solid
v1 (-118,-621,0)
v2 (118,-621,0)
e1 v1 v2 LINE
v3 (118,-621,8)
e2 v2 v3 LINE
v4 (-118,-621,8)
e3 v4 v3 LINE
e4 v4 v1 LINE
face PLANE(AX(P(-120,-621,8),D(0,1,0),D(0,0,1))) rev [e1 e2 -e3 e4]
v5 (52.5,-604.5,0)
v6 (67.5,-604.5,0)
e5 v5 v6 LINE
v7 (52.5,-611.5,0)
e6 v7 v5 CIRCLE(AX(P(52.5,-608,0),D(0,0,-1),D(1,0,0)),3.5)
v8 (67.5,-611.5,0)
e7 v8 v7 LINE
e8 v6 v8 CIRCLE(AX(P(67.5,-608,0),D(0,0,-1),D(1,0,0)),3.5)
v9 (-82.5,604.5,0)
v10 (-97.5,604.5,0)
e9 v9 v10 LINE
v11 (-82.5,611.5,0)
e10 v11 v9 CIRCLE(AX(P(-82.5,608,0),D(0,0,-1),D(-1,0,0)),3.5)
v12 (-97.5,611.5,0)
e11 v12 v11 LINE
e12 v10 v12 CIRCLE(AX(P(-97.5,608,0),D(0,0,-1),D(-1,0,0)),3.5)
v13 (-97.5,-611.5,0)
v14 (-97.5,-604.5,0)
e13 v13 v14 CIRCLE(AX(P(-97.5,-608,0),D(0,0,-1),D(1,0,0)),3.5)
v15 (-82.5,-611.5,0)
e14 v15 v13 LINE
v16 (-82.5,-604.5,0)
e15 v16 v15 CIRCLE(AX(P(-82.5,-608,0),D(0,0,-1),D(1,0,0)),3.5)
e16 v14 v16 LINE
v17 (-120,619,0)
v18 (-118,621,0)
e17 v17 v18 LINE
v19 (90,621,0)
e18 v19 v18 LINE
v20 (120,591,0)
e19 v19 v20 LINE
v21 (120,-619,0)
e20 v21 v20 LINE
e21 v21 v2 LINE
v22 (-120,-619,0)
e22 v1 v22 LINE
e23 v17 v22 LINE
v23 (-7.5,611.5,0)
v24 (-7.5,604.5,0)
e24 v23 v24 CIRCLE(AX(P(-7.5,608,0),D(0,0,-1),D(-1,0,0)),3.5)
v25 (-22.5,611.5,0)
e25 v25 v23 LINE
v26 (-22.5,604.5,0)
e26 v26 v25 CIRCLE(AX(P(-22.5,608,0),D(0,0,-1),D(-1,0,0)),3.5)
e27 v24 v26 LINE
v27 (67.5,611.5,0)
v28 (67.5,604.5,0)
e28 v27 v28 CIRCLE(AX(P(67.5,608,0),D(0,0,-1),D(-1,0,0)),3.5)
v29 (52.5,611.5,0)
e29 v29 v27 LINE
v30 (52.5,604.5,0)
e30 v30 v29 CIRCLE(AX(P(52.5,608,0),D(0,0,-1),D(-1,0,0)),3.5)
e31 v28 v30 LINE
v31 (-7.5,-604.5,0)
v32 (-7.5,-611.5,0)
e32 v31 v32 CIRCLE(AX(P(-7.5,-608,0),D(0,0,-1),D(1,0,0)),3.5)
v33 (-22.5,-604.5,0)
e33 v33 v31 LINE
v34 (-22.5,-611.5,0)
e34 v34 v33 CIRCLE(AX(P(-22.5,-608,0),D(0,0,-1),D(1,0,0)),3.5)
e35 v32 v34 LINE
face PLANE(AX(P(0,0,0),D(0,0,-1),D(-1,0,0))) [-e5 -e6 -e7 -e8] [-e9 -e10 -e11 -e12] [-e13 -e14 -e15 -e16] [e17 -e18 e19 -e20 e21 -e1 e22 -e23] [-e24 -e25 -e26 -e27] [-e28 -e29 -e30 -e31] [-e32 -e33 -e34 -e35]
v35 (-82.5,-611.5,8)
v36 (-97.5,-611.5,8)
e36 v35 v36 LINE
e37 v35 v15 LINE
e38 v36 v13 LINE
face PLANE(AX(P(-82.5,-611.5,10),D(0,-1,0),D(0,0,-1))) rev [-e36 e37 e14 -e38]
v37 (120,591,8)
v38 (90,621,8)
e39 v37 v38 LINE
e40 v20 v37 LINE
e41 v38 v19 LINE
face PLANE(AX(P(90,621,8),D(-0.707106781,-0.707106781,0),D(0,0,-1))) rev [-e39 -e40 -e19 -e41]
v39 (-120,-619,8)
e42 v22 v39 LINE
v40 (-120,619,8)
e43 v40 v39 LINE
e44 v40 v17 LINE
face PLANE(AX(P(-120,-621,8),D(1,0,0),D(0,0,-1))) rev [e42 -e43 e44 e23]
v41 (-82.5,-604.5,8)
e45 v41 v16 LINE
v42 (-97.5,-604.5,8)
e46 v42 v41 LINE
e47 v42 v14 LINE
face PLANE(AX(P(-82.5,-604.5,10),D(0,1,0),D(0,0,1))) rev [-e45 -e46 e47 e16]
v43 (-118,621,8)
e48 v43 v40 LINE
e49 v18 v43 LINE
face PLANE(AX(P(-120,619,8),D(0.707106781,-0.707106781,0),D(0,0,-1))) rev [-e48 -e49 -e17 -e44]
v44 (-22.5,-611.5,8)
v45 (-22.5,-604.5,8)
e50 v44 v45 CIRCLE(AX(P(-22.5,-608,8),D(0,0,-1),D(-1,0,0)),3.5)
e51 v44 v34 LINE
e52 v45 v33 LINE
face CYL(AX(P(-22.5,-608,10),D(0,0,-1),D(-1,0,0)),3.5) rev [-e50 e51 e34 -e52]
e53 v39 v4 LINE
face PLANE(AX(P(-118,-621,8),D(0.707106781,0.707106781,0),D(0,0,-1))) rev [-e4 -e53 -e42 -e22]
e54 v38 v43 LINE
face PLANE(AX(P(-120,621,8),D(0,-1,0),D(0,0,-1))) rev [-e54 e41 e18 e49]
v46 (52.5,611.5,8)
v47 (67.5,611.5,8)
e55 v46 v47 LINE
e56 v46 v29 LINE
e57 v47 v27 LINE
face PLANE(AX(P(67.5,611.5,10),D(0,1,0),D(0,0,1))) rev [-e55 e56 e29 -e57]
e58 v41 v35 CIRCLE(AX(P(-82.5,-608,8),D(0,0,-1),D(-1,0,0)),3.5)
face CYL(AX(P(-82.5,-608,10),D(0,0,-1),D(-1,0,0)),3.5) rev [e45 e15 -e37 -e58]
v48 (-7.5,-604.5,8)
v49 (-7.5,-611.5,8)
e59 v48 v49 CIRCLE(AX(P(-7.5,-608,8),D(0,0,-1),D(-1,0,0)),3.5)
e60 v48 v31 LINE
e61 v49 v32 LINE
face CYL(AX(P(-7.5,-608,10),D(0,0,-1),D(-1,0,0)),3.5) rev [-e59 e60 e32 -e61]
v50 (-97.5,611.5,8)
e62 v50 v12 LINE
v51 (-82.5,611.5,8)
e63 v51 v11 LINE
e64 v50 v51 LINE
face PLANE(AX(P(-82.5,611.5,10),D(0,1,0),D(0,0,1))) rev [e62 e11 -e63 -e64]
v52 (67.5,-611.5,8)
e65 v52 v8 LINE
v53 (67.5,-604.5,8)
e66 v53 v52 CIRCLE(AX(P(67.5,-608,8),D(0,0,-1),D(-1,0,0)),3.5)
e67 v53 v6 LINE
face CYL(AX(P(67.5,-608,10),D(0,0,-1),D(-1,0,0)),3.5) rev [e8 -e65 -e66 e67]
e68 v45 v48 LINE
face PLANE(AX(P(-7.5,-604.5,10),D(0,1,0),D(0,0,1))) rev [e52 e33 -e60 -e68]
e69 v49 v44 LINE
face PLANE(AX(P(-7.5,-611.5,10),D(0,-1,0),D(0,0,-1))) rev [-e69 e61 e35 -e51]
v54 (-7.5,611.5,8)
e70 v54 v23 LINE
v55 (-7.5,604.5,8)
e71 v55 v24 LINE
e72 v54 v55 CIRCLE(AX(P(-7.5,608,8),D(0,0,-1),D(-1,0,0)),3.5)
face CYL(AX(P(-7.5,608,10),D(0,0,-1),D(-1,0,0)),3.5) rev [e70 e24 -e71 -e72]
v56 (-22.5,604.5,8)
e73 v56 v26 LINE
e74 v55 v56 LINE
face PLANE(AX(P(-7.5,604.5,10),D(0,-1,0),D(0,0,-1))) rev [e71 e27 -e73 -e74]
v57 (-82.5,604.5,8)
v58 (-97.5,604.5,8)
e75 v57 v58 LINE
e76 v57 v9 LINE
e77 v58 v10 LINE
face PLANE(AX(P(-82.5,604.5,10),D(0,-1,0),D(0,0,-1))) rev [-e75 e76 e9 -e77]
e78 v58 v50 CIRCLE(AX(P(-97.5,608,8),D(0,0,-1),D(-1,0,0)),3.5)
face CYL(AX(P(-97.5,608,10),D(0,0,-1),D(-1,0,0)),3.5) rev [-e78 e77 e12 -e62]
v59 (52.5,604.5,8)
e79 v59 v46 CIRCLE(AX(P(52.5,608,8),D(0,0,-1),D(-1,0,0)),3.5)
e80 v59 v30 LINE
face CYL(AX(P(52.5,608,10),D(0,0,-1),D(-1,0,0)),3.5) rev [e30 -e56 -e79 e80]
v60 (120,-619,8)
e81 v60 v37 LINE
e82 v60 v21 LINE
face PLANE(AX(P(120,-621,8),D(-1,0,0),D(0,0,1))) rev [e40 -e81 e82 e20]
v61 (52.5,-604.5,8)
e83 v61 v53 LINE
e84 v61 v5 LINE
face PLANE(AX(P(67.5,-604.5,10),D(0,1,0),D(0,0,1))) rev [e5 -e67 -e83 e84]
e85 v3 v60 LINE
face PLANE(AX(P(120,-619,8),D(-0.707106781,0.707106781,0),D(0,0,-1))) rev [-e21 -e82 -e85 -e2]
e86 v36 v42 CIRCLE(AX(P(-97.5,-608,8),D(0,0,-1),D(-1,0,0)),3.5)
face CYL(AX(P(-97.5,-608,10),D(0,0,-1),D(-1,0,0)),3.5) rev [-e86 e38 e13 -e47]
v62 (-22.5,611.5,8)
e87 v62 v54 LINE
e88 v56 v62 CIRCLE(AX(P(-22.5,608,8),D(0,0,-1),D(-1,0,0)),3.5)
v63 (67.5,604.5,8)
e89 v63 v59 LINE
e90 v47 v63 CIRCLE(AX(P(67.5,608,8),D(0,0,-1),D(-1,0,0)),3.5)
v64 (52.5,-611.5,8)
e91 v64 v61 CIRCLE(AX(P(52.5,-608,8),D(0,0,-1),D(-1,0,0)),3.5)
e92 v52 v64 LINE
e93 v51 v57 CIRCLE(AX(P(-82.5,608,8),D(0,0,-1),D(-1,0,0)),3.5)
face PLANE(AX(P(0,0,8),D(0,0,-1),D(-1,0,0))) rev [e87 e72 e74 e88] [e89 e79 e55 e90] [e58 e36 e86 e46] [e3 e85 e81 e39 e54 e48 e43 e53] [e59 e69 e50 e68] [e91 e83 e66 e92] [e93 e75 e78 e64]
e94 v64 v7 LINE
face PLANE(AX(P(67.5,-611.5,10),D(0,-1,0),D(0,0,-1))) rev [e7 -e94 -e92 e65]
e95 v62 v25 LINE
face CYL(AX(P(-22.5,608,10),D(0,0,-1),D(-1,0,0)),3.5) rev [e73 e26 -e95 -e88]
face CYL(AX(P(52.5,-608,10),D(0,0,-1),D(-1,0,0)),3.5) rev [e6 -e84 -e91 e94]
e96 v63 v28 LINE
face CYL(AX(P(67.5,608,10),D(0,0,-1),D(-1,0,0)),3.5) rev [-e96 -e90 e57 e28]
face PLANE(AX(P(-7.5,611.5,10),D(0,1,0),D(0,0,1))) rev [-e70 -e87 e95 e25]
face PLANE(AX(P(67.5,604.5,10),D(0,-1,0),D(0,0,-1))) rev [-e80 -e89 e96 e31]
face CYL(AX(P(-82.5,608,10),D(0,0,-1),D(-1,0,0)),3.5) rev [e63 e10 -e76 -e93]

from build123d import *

# Parameters (mm, degrees)
SKETCH_1_W          = 240
SKETCH_1_H          = 1242
EXTRUDE_1_DEPTH     = 8
CHAMFER_1_SIZE      = 30
CHAMFER_2_SIZE      = 2
CUT_EXTRUDE_1_DEPTH = 10


with BuildPart() as part:
    # 草图1 → 凸台-拉伸1 (new body)
    with BuildSketch(Plane.XY):
        Rectangle(SKETCH_1_W, SKETCH_1_H)
    extrude(amount=EXTRUDE_1_DEPTH)

    # 倒角1
    chamfer_1_edges = [part.edges().sort_by_distance(p)[0] for p in [
        (120, 621, 4),
    ]]
    chamfer(chamfer_1_edges, length=CHAMFER_1_SIZE)

    # 倒角2
    chamfer_2_edges = [part.edges().sort_by_distance(p)[0] for p in [
        (120, -621, 4),
        (-120, -621, 4),
        (-120, 621, 4),
    ]]
    chamfer(chamfer_2_edges, length=CHAMFER_2_SIZE)

    # 草图2 → 切除-拉伸1 (cut)
    with BuildSketch(Plane(origin=(0, 0, 0), x_dir=(-1, 0, 0), z_dir=(0, 0, -1))):
        with BuildLine():
            Line((-67.5, 611.5), (-52.5, 611.5))
            ThreePointArc((-52.5, 611.5), (-49, 608), (-52.5, 604.5))
            Line((-52.5, 604.5), (-67.5, 604.5))
            ThreePointArc((-67.5, 604.5), (-71, 608), (-67.5, 611.5))
        make_face()
        with BuildLine():
            Line((7.5, 611.5), (22.5, 611.5))
            ThreePointArc((22.5, 611.5), (26, 608), (22.5, 604.5))
            Line((22.5, 604.5), (7.5, 604.5))
            ThreePointArc((7.5, 604.5), (4, 608), (7.5, 611.5))
        make_face()
        with BuildLine():
            Line((82.5, 611.5), (97.5, 611.5))
            ThreePointArc((97.5, 611.5), (101, 608), (97.5, 604.5))
            Line((97.5, 604.5), (82.5, 604.5))
            ThreePointArc((82.5, 604.5), (79, 608), (82.5, 611.5))
        make_face()
        with BuildLine():
            Line((-67.5, -611.5), (-52.5, -611.5))
            ThreePointArc((-52.5, -611.5), (-49, -608), (-52.5, -604.5))
            Line((-52.5, -604.5), (-67.5, -604.5))
            ThreePointArc((-67.5, -604.5), (-71, -608), (-67.5, -611.5))
        make_face()
        with BuildLine():
            Line((7.5, -611.5), (22.5, -611.5))
            ThreePointArc((22.5, -611.5), (26, -608), (22.5, -604.5))
            Line((22.5, -604.5), (7.5, -604.5))
            ThreePointArc((7.5, -604.5), (4, -608), (7.5, -611.5))
        make_face()
        with BuildLine():
            Line((82.5, -611.5), (97.5, -611.5))
            ThreePointArc((97.5, -611.5), (101, -608), (97.5, -604.5))
            Line((97.5, -604.5), (82.5, -604.5))
            ThreePointArc((82.5, -604.5), (79, -608), (82.5, -611.5))
        make_face()
    extrude(amount=-CUT_EXTRUDE_1_DEPTH, mode=Mode.SUBTRACT)


solid = part.part
